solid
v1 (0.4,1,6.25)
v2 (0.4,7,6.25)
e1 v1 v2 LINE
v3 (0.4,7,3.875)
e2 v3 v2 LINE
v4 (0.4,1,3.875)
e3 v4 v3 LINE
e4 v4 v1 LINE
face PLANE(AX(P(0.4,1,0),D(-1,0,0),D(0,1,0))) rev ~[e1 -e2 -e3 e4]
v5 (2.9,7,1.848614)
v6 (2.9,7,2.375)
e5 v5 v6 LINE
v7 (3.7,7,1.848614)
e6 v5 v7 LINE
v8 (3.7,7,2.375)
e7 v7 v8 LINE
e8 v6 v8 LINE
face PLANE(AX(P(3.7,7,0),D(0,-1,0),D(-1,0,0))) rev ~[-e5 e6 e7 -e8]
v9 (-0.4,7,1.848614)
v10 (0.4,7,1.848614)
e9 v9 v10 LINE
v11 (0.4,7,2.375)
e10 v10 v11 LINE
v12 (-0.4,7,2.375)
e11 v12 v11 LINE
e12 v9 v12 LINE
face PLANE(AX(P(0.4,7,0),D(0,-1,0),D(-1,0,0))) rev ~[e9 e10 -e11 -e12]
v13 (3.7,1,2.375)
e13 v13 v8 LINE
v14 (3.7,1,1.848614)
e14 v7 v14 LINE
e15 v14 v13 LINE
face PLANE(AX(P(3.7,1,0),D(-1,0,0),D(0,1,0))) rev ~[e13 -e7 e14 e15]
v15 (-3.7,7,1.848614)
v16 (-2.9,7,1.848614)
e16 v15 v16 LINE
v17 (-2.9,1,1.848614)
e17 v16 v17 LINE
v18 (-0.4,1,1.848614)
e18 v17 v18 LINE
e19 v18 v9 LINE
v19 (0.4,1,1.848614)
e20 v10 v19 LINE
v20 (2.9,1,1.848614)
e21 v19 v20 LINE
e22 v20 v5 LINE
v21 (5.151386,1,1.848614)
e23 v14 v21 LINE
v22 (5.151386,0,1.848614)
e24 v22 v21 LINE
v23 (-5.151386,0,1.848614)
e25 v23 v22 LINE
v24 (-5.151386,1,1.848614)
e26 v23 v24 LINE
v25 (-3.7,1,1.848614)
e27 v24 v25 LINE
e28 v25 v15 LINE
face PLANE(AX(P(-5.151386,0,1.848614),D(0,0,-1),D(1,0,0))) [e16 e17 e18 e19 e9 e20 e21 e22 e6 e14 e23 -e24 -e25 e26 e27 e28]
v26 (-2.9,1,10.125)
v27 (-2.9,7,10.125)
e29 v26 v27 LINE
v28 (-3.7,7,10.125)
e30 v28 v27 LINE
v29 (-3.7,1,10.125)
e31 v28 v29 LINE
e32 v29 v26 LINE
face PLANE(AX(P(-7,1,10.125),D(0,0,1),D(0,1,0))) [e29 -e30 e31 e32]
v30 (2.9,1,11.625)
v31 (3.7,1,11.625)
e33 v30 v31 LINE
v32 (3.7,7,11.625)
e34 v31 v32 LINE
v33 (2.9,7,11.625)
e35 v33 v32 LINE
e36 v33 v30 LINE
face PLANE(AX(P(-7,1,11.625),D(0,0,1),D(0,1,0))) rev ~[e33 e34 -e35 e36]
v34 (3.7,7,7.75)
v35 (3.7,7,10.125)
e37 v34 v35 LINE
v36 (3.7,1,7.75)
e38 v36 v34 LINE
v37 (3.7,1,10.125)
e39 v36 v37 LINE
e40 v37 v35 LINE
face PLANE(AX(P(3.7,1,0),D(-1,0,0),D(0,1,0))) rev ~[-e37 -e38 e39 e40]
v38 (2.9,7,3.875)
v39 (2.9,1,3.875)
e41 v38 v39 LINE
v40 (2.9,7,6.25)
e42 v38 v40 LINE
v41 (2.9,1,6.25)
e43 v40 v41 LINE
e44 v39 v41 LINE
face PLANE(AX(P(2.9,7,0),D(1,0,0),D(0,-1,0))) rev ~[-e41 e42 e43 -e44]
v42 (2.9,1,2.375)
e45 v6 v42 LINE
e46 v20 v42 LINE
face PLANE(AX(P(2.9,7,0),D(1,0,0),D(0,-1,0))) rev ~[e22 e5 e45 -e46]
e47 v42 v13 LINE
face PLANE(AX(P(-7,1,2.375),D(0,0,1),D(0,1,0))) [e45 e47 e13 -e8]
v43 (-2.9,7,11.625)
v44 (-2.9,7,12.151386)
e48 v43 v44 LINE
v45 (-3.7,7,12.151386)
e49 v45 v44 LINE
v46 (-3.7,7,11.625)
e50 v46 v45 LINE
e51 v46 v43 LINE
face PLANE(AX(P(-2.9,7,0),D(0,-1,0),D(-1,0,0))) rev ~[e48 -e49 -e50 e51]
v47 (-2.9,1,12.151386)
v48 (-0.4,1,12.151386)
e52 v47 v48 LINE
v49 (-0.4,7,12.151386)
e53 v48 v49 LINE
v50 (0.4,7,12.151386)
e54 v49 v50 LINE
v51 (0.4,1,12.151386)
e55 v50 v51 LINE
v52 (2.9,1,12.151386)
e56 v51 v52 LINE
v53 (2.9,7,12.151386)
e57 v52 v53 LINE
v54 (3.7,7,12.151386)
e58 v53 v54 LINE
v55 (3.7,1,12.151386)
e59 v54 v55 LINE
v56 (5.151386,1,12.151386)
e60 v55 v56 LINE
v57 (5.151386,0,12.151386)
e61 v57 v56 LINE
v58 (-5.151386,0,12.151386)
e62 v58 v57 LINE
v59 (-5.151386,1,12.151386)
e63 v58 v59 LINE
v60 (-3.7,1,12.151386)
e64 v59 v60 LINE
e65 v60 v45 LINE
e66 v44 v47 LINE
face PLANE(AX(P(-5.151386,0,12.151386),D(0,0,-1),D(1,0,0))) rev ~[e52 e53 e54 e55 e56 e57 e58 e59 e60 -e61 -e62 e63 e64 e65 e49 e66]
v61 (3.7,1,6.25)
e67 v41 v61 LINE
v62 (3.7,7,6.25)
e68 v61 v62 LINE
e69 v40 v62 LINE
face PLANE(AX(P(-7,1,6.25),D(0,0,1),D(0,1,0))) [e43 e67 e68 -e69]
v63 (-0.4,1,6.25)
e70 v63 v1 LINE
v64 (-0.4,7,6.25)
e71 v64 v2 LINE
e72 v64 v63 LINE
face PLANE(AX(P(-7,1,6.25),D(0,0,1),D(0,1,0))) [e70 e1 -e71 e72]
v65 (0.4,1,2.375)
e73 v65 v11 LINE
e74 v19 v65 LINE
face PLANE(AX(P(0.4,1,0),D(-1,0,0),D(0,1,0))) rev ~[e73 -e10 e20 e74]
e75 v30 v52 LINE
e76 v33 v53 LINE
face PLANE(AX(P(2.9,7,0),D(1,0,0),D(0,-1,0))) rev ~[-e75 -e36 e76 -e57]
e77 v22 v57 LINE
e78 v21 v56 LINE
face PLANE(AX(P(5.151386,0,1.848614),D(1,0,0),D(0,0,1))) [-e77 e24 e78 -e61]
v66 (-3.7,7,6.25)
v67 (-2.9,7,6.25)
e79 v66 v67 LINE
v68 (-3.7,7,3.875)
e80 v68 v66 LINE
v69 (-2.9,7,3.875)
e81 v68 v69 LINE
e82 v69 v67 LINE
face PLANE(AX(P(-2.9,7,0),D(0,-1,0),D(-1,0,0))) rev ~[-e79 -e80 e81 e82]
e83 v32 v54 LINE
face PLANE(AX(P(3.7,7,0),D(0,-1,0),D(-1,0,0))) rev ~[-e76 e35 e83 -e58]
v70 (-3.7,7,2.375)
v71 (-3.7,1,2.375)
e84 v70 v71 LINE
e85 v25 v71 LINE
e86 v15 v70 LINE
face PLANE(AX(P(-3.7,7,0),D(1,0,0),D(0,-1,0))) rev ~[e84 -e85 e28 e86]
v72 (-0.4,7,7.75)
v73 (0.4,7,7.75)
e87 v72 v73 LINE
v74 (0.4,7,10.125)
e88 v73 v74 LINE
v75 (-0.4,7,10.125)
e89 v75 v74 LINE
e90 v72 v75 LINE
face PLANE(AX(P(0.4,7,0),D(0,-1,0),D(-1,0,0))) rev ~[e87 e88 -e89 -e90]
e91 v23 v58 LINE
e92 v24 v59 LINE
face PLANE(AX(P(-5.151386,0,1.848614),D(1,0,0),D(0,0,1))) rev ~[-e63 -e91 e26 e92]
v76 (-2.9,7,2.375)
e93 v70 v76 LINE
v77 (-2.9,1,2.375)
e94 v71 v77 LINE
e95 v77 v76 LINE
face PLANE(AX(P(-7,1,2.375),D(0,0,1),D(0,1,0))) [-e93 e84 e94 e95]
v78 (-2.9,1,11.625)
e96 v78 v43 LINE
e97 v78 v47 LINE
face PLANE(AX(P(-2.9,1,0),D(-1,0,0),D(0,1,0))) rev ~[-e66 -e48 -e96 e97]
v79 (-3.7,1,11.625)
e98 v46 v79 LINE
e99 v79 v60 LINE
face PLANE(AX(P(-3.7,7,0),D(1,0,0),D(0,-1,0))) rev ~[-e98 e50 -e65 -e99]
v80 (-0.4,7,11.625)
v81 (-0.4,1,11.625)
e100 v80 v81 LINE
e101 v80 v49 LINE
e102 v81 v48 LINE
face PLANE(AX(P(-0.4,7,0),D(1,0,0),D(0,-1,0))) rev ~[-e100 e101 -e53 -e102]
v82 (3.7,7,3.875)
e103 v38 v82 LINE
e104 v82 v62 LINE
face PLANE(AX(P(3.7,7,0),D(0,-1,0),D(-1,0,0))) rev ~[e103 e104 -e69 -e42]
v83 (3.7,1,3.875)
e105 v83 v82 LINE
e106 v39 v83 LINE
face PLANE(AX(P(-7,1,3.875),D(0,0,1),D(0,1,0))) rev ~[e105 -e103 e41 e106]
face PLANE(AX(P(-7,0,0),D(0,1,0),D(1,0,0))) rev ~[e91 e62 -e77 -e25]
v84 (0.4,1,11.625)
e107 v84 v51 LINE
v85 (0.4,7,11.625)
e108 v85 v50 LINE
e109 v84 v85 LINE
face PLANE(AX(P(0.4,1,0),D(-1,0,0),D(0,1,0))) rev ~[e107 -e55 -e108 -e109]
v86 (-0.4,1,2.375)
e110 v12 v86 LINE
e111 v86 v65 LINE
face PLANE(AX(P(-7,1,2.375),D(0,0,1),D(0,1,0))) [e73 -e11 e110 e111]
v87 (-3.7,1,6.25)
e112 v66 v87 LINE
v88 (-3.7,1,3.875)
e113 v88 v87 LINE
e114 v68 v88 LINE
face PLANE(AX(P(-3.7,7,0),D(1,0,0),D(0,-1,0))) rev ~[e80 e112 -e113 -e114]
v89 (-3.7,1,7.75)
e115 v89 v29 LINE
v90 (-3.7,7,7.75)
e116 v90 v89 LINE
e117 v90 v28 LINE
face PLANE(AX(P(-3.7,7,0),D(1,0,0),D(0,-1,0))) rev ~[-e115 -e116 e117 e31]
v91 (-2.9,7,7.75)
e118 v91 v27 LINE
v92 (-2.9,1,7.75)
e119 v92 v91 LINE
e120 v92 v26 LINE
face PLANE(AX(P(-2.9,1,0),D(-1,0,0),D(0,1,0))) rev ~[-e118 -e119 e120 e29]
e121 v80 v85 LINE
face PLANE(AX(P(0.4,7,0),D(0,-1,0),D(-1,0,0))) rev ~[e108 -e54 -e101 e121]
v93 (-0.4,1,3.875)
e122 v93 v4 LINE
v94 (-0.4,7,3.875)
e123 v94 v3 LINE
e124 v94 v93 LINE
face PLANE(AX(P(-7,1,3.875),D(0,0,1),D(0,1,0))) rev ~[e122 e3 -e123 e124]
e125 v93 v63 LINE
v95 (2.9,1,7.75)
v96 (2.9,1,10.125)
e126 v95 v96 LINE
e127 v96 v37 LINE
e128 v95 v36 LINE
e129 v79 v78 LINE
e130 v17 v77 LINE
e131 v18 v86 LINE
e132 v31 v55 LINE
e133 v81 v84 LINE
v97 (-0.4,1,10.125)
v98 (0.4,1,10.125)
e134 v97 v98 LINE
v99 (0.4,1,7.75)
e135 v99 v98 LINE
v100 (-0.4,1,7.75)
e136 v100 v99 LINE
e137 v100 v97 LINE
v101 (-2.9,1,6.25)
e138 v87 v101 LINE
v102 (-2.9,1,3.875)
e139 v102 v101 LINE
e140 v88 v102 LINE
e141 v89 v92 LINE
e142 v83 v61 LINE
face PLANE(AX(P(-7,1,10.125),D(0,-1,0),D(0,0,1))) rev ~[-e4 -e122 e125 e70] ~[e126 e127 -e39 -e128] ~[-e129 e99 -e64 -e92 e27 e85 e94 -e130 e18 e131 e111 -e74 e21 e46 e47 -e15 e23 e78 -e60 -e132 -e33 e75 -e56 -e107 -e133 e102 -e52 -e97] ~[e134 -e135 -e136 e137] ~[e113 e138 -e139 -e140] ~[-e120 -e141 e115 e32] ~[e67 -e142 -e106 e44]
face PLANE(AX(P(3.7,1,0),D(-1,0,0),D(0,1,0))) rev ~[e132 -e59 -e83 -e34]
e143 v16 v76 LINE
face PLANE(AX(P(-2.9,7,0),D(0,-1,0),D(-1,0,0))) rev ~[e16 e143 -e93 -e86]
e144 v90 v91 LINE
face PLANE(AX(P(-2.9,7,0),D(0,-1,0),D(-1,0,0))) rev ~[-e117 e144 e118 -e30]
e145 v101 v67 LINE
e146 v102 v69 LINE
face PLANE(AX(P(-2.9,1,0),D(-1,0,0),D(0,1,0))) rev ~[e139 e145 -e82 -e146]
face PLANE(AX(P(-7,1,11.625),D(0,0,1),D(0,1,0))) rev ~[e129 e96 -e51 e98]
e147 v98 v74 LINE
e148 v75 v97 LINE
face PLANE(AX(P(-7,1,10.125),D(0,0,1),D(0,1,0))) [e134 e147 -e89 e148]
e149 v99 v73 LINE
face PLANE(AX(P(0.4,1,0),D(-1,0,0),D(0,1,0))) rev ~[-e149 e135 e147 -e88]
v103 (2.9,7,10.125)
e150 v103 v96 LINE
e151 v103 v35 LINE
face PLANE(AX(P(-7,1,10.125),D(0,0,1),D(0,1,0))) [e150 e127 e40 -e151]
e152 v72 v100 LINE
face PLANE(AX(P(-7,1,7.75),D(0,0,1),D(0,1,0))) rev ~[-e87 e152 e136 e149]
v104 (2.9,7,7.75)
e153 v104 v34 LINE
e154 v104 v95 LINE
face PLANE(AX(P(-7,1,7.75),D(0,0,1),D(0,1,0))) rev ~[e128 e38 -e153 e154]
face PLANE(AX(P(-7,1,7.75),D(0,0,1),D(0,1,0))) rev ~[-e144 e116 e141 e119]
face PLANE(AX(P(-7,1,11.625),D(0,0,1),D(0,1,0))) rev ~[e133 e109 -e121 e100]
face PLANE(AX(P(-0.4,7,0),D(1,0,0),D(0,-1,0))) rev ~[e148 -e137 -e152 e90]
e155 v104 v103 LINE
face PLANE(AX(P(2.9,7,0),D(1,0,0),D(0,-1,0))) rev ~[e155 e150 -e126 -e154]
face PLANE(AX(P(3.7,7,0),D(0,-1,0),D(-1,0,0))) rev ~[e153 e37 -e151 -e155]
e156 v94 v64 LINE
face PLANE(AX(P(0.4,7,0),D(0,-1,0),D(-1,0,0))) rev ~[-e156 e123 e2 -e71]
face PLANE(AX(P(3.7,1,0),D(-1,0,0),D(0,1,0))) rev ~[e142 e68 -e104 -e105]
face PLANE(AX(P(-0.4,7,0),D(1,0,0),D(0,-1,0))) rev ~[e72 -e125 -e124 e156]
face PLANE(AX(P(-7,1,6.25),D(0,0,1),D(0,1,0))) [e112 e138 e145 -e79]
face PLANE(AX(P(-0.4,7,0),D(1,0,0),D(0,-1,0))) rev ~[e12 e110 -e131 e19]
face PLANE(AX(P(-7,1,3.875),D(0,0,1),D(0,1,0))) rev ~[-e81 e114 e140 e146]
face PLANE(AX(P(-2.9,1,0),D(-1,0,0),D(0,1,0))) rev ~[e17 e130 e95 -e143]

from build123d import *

# Parameters (mm, degrees)
BOSS_EXTRUDE1_DEPTH = 14
SKETCH2_W           = 1.5
SKETCH2_H           = 6
CUT_EXTRUDE1_DEPTH  = 22
SKETCH12_W          = 14
SKETCH12_H          = 14
SKETCH12_W_2        = 10.30277124
SKETCH12_H_2        = 10.30277124
CUT_EXTRUDE2_DEPTH  = 18.146428199


with BuildPart() as part:
    # Sketch1 → Boss-Extrude1 (new body)
    with BuildSketch(Plane.XY):
        Polygon((-7, 0), (7, 0), (7, 7), (6.2, 7), (6.2, 1), (3.7, 1), (3.7, 7), (2.9, 7), (2.9, 1), (0.4, 1), (0.4, 7), (-0.4, 7), (-0.4, 1), (-2.9, 1), (-2.9, 7), (-3.7, 7), (-3.7, 1), (-6.2, 1), (-6.2, 7), (-7, 7), align=None)
    extrude(amount=BOSS_EXTRUDE1_DEPTH)

    # Sketch2 → Cut-Extrude1 (cut, through all)
    with BuildSketch(Plane.ZY.offset(7)):
        with Locations((3.125, 4)):
            Rectangle(SKETCH2_W, SKETCH2_H)
        with Locations((7, 4)):
            Rectangle(SKETCH2_W, SKETCH2_H)
        with Locations((10.875, 4)):
            Rectangle(SKETCH2_W, SKETCH2_H)
    extrude(amount=-CUT_EXTRUDE1_DEPTH, mode=Mode.SUBTRACT)

    # Sketch12 → Cut-Extrude2 (cut, through all)
    with BuildSketch(Plane.XZ):
        with Locations((0, 7)):
            Rectangle(SKETCH12_W, SKETCH12_H)
        with Locations((0, 7)):
            Rectangle(SKETCH12_W_2, SKETCH12_H_2, mode=Mode.SUBTRACT)
    extrude(amount=-CUT_EXTRUDE2_DEPTH, mode=Mode.SUBTRACT)


solid = part.part
